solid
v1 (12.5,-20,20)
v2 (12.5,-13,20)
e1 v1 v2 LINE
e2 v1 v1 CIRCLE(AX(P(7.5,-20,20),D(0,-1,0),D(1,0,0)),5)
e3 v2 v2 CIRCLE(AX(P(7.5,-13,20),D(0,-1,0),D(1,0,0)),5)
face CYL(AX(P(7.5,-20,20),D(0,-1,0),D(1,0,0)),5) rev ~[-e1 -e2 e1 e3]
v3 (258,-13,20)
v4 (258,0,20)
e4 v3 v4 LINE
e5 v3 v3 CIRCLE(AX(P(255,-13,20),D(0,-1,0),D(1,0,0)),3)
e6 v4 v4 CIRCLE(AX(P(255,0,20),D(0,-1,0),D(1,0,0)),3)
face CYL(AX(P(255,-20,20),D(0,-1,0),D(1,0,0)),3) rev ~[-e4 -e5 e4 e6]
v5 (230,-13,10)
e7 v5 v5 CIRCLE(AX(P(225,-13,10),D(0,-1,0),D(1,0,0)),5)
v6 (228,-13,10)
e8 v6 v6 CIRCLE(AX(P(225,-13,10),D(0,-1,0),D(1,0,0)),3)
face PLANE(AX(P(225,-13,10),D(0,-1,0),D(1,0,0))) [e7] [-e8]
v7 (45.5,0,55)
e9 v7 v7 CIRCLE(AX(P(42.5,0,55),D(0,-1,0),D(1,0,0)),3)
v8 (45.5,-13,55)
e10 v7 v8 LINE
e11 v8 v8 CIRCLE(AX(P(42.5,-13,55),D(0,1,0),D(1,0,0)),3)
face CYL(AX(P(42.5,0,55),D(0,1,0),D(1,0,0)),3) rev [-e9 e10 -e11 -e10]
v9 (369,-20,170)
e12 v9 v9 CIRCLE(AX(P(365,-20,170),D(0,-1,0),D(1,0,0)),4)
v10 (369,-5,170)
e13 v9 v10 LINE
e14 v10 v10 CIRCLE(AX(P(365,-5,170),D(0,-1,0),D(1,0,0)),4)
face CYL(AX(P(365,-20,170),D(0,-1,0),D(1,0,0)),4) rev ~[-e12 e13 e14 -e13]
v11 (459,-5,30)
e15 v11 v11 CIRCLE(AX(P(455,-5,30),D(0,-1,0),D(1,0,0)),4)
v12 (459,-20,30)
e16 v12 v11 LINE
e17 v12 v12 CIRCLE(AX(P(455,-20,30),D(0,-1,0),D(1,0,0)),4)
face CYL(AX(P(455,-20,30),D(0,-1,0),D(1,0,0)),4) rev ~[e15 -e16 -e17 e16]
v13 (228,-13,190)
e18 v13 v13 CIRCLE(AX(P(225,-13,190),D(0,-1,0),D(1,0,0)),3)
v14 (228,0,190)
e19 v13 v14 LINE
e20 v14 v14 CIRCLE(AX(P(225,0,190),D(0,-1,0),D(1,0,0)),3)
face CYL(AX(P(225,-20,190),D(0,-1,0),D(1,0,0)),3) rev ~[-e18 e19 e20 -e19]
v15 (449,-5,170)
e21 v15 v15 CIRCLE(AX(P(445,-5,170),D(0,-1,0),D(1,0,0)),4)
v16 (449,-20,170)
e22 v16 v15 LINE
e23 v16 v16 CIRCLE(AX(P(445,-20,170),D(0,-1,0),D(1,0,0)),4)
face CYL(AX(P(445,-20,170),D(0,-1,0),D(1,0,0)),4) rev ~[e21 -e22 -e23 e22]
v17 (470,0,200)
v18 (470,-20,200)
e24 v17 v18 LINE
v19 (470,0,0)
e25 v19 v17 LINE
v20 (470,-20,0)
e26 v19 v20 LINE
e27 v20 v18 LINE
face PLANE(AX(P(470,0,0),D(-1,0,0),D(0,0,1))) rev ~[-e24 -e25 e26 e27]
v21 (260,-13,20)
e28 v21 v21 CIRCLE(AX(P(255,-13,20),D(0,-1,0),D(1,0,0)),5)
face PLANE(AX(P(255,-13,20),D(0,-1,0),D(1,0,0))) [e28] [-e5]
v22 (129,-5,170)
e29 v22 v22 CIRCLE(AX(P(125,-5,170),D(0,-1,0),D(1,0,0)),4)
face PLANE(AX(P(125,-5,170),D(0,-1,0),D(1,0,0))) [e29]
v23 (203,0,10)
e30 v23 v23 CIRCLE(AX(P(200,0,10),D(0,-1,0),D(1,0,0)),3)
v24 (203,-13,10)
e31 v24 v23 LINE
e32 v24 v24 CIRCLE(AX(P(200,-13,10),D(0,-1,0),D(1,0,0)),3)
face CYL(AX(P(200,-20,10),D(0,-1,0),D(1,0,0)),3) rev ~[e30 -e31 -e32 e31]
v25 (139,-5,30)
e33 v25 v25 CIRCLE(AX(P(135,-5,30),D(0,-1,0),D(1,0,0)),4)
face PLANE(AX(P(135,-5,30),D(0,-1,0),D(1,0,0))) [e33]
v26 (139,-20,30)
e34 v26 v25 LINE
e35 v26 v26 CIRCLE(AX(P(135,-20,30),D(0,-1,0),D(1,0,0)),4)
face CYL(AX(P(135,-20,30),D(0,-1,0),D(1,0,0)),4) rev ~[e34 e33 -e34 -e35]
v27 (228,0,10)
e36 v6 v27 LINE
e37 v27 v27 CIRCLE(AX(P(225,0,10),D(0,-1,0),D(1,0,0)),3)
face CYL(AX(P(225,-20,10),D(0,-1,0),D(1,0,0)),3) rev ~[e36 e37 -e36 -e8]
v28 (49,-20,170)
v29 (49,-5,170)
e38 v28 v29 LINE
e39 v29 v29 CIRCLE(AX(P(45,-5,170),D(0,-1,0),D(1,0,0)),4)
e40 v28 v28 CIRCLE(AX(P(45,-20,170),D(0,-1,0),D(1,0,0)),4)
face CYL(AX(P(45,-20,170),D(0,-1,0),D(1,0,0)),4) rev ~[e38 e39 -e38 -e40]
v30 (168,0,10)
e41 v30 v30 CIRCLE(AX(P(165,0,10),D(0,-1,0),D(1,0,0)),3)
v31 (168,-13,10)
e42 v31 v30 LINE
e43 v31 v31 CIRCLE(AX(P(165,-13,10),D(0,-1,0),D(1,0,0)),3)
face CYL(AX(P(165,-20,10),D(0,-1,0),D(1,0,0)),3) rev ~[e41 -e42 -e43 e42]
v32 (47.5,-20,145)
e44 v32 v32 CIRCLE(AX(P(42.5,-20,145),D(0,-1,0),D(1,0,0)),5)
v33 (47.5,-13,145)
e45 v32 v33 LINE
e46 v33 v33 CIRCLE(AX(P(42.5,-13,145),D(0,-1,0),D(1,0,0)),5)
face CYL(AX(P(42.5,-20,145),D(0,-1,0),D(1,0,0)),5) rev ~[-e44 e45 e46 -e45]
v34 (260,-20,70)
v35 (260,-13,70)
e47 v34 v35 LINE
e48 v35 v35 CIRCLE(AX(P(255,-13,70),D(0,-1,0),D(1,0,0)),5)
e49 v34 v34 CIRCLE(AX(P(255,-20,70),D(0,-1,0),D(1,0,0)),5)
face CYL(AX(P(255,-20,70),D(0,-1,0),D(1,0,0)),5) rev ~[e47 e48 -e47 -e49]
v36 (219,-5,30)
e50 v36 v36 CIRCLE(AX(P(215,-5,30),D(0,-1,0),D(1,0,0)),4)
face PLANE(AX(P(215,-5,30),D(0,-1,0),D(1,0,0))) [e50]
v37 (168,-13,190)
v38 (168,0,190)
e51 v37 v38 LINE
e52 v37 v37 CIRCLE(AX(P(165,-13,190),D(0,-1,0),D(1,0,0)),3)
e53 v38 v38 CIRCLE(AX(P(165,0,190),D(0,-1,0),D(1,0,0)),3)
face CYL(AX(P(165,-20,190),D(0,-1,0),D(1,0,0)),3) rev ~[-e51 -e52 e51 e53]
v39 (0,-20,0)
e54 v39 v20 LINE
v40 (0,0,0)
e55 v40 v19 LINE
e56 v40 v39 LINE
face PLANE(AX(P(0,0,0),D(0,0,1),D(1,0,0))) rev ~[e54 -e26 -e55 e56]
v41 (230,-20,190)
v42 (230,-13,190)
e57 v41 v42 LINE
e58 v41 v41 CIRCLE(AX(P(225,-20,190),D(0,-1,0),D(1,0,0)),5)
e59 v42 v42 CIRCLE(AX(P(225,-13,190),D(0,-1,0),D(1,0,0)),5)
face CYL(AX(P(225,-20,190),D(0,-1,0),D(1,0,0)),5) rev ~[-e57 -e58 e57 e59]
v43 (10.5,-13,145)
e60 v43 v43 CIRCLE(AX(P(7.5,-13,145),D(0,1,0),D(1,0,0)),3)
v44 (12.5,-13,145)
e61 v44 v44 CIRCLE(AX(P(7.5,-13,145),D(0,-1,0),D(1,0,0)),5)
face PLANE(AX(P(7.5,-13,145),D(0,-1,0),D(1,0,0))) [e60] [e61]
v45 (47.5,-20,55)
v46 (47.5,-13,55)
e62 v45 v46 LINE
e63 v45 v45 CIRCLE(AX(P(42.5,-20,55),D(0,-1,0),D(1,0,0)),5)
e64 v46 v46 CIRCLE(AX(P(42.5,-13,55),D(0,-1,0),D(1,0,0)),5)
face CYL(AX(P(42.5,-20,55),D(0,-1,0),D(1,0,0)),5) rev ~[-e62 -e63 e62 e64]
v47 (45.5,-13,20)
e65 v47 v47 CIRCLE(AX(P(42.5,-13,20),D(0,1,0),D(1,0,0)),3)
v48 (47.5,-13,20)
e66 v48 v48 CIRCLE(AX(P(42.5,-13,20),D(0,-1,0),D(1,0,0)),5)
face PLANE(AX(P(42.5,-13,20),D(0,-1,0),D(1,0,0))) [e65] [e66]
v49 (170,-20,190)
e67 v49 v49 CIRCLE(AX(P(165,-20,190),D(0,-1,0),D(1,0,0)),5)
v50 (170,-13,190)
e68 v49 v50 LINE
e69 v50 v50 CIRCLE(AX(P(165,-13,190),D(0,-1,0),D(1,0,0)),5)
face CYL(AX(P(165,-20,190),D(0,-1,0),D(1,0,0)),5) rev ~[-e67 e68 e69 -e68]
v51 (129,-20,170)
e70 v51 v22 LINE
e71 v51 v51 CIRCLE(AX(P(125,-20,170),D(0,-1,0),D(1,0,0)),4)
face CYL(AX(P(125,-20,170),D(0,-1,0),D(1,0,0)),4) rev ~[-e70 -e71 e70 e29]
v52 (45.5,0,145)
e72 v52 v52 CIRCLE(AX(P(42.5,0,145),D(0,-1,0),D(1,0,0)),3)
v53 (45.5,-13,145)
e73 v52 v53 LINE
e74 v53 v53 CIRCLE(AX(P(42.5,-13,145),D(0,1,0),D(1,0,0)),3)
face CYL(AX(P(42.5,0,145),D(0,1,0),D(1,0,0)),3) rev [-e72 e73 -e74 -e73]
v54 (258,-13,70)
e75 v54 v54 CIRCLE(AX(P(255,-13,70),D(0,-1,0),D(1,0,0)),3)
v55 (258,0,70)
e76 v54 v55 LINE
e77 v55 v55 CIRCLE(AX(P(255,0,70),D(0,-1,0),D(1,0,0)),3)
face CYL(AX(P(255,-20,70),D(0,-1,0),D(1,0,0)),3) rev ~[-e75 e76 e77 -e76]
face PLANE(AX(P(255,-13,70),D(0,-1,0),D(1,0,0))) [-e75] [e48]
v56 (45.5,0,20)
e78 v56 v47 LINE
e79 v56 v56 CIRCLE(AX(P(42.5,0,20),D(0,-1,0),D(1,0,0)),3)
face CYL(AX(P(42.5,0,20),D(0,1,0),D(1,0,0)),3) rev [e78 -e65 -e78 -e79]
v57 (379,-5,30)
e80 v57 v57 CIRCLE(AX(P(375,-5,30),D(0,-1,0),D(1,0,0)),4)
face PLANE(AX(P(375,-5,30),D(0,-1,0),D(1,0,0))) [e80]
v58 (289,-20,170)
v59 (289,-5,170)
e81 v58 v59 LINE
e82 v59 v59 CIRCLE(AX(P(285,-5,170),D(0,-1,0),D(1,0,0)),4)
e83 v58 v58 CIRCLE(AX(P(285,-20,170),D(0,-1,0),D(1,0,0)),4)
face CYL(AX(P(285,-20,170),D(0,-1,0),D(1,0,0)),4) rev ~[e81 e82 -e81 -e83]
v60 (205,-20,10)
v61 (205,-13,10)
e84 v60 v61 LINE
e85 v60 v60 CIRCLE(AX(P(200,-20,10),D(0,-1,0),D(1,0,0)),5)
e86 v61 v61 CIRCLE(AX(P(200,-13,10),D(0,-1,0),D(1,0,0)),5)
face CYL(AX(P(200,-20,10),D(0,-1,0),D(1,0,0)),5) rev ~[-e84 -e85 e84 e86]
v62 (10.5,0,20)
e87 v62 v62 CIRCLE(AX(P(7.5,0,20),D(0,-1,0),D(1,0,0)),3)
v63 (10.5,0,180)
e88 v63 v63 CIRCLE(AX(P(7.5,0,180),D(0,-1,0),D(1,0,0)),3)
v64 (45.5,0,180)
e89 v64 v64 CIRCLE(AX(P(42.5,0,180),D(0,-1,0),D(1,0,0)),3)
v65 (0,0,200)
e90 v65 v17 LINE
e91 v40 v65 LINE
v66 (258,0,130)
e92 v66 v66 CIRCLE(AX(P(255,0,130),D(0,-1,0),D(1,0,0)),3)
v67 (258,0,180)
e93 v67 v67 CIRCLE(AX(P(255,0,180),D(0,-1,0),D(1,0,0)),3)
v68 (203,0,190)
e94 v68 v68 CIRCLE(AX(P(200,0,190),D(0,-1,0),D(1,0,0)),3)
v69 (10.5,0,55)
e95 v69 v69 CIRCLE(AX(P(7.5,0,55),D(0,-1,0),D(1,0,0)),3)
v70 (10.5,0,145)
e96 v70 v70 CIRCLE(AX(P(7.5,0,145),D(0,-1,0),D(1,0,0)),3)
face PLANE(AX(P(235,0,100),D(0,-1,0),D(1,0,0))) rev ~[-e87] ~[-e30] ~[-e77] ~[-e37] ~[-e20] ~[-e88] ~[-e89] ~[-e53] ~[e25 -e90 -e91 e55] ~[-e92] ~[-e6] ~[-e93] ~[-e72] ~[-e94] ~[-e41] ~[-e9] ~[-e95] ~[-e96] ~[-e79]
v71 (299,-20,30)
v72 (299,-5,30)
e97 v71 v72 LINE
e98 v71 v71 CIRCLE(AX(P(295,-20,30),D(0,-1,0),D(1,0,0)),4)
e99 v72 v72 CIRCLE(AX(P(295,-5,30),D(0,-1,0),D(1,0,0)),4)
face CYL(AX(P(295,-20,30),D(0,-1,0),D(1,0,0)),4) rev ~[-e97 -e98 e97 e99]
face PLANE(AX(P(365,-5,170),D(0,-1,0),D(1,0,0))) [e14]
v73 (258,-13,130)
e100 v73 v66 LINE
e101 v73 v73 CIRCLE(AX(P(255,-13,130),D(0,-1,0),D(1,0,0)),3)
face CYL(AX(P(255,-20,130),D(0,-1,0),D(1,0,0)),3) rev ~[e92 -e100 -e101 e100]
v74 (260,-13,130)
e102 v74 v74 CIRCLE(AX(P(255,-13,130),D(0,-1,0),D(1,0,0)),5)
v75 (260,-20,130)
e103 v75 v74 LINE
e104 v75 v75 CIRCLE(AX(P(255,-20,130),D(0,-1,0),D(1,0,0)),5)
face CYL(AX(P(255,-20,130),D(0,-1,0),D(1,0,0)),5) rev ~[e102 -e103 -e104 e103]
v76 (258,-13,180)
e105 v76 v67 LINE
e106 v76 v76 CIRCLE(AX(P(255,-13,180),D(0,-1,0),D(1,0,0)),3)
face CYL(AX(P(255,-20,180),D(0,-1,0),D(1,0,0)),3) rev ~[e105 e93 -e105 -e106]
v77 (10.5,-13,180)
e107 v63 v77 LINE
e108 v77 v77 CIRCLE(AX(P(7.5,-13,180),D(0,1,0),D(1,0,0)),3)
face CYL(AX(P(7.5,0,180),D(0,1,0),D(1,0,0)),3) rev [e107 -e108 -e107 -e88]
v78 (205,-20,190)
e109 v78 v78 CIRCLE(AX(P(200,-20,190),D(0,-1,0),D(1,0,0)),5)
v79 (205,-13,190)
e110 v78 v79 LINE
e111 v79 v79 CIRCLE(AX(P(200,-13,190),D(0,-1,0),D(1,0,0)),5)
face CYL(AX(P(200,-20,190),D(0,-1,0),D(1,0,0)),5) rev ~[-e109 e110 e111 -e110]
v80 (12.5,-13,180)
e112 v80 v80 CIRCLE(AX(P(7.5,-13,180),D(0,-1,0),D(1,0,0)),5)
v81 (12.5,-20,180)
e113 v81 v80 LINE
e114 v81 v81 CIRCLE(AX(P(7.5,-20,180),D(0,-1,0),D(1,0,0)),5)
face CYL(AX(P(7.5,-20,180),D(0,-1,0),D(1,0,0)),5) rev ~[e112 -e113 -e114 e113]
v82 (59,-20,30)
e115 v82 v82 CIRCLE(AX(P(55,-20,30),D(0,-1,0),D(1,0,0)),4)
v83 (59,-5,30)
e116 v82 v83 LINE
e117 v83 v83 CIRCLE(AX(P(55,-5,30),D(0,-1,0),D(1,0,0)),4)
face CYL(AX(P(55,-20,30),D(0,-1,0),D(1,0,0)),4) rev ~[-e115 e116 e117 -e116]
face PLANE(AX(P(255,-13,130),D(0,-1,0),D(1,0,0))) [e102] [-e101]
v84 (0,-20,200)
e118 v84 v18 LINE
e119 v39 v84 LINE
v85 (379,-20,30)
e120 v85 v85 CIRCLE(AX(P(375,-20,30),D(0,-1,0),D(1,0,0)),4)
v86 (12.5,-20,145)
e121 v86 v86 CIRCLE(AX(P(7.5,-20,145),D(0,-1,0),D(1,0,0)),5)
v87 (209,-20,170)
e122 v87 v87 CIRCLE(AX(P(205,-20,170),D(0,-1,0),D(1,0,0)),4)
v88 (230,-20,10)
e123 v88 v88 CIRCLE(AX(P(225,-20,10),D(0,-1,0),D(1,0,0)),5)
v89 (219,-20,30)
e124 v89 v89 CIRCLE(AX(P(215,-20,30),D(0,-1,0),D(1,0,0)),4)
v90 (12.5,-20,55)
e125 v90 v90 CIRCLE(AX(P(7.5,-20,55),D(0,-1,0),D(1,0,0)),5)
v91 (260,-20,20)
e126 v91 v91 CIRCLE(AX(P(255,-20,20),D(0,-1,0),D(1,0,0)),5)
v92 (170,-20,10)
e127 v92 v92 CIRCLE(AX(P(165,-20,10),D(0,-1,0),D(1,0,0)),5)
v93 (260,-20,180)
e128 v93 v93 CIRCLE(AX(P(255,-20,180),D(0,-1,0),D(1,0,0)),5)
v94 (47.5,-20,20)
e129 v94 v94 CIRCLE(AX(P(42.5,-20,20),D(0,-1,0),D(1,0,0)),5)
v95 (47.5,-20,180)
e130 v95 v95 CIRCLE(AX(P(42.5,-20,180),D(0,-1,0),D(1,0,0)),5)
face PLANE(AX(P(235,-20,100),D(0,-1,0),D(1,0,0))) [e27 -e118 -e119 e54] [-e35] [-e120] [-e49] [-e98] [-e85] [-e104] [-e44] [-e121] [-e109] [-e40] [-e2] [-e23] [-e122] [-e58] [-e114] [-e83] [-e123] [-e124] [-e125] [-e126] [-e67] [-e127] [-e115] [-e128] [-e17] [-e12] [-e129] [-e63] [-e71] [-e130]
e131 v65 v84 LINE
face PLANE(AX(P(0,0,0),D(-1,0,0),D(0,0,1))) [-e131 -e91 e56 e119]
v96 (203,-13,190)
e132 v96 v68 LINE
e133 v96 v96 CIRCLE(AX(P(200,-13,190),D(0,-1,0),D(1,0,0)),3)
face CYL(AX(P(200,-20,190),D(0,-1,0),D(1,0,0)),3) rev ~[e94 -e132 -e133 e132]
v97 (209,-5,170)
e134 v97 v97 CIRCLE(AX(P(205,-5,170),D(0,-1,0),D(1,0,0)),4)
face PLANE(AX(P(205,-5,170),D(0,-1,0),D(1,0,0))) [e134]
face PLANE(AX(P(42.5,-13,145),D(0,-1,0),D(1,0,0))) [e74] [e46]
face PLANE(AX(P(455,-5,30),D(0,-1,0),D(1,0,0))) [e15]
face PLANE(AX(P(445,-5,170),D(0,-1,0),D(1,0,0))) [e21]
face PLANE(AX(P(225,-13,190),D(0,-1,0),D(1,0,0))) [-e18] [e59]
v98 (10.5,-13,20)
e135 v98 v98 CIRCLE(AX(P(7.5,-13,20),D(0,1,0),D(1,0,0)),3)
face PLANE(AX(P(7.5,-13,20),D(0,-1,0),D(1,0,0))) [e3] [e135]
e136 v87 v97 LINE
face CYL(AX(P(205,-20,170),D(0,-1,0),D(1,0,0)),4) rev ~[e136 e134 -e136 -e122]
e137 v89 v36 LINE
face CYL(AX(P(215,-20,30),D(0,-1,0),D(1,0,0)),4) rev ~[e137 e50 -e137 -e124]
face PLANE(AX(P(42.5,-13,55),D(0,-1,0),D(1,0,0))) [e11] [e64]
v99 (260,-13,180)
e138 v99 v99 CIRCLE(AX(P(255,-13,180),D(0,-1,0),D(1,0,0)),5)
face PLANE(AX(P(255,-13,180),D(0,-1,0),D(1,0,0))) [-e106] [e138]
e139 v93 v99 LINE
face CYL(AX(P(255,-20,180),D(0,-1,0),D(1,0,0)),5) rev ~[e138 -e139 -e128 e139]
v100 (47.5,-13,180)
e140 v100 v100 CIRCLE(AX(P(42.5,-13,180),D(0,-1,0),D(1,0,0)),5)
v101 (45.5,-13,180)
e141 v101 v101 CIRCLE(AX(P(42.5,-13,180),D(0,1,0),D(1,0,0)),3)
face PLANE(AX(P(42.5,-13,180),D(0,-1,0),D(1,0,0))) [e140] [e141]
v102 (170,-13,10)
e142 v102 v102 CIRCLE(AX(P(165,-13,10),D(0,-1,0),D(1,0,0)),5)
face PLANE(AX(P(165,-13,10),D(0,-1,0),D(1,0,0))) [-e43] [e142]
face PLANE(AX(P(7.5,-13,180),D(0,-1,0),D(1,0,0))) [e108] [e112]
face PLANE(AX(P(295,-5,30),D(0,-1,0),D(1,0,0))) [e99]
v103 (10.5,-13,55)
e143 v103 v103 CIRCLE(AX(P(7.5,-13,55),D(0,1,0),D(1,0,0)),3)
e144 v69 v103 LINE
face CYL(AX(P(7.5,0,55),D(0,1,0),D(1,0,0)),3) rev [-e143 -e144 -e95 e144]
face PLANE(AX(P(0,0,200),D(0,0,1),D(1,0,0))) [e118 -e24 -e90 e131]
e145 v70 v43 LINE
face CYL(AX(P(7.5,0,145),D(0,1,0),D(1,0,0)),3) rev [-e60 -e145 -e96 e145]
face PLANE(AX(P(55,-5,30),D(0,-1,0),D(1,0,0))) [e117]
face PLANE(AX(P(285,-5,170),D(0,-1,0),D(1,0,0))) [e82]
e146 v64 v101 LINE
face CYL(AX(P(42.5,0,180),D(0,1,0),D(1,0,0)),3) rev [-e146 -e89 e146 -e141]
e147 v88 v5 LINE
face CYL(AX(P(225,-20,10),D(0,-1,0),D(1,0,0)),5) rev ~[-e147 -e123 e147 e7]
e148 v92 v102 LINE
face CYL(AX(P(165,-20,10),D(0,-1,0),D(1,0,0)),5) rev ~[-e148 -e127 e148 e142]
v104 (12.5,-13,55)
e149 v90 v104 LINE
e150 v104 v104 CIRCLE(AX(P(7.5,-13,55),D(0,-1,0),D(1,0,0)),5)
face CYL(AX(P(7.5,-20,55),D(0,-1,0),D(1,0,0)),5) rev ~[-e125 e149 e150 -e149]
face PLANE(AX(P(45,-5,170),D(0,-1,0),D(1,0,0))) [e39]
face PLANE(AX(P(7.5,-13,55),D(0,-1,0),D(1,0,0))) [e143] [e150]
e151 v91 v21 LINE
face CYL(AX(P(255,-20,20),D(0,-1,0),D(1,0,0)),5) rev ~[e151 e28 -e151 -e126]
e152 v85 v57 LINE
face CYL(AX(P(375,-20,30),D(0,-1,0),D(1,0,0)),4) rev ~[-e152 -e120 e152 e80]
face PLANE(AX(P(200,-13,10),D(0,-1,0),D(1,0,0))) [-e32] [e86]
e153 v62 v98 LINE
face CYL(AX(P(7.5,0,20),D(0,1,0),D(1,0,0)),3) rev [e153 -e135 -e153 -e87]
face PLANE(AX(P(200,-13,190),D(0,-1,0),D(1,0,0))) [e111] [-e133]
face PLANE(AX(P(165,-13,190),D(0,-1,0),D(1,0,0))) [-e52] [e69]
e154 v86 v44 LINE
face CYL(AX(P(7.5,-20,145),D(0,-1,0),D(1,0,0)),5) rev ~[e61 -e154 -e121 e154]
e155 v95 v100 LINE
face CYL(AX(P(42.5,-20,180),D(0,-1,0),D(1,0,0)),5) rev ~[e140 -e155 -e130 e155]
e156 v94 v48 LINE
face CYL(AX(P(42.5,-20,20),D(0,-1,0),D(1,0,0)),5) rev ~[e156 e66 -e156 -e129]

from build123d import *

# Parameters (mm, degrees)
F0_W      = 470
F0_H      = 200
F0_R      = 3
F1_DEPTH  = 20
F2_R      = 5
F3_DEPTH  = 7
F4_R      = 3
F5_DEPTH  = 20
F6_R      = 5
F7_DEPTH  = 7
F8_R      = 3
F9_DEPTH  = 20
F10_R     = 5
F11_DEPTH = 7
F12_R     = 4
F13_DEPTH = 15


with BuildPart() as f1:
    # F0 (on Front) → F1 (new body)
    with BuildSketch(Plane.XZ):
        with Locations((235, 100)):
            Rectangle(F0_W, F0_H)
        with Locations((7.5, 20)):
            Circle(F0_R, mode=Mode.SUBTRACT)
        with Locations((42.5, 20)):
            Circle(F0_R, mode=Mode.SUBTRACT)
        with Locations((7.5, 55)):
            Circle(F0_R, mode=Mode.SUBTRACT)
        with Locations((42.5, 55)):
            Circle(F0_R, mode=Mode.SUBTRACT)
        with Locations((7.5, 145)):
            Circle(F0_R, mode=Mode.SUBTRACT)
        with Locations((42.5, 145)):
            Circle(F0_R, mode=Mode.SUBTRACT)
        with Locations((7.5, 180)):
            Circle(F0_R, mode=Mode.SUBTRACT)
        with Locations((42.5, 180)):
            Circle(F0_R, mode=Mode.SUBTRACT)
    extrude(amount=F1_DEPTH)

    # F2 (on face) → F3 (cut)
    with BuildSketch(Plane.XZ.offset(20)):
        with Locations((7.5, 180)):
            Circle(F2_R)
        with Locations((42.5, 180)):
            Circle(F2_R)
        with Locations((7.5, 145)):
            Circle(F2_R)
        with Locations((42.5, 145)):
            Circle(F2_R)
        with Locations((7.5, 55)):
            Circle(F2_R)
        with Locations((42.5, 55)):
            Circle(F2_R)
        with Locations((7.5, 20)):
            Circle(F2_R)
        with Locations((42.5, 20)):
            Circle(F2_R)
    extrude(amount=-F3_DEPTH, mode=Mode.SUBTRACT)

    # F4 (on face) → F5 (cut)
    with BuildSketch(Plane.XZ.offset(20)):
        with Locations((255, 180)):
            Circle(F4_R)
        with Locations((255, 130)):
            Circle(F4_R)
        with Locations((255, 70)):
            Circle(F4_R)
        with Locations((255, 20)):
            Circle(F4_R)
    extrude(amount=-F5_DEPTH, mode=Mode.SUBTRACT)

    # F6 (on face) → F7 (cut)
    with BuildSketch(Plane.XZ.offset(20)):
        with Locations((255, 20)):
            Circle(F6_R)
        with Locations((255, 70)):
            Circle(F6_R)
        with Locations((255, 130)):
            Circle(F6_R)
        with Locations((255, 180)):
            Circle(F6_R)
    extrude(amount=-F7_DEPTH, mode=Mode.SUBTRACT)

    # F8 (on face) → F9 (cut)
    with BuildSketch(Plane.XZ.offset(20)):
        with Locations((225, 190)):
            Circle(F8_R)
        with Locations((200, 190)):
            Circle(F8_R)
        with Locations((165, 190)):
            Circle(F8_R)
        with Locations((165, 10)):
            Circle(F8_R)
        with Locations((200, 10)):
            Circle(F8_R)
        with Locations((225, 10)):
            Circle(F8_R)
    extrude(amount=-F9_DEPTH, mode=Mode.SUBTRACT)

    # F10 (on face) → F11 (cut)
    with BuildSketch(Plane.XZ.offset(20)):
        with Locations((165, 190)):
            Circle(F10_R)
        with Locations((200, 190)):
            Circle(F10_R)
        with Locations((225, 190)):
            Circle(F10_R)
        with Locations((165, 10)):
            Circle(F10_R)
        with Locations((200, 10)):
            Circle(F10_R)
        with Locations((225, 10)):
            Circle(F10_R)
    extrude(amount=-F11_DEPTH, mode=Mode.SUBTRACT)

    # F12 (on face) → F13 (cut)
    with BuildSketch(Plane.XZ.offset(20)):
        with Locations((45, 170)):
            Circle(F12_R)
        with Locations((125, 170)):
            Circle(F12_R)
        with Locations((205, 170)):
            Circle(F12_R)
        with Locations((285, 170)):
            Circle(F12_R)
        with Locations((365, 170)):
            Circle(F12_R)
        with Locations((445, 170)):
            Circle(F12_R)
        with Locations((55, 30)):
            Circle(F12_R)
        with Locations((135, 30)):
            Circle(F12_R)
        with Locations((215, 30)):
            Circle(F12_R)
        with Locations((295, 30)):
            Circle(F12_R)
        with Locations((375, 30)):
            Circle(F12_R)
        with Locations((455, 30)):
            Circle(F12_R)
    extrude(amount=-F13_DEPTH, mode=Mode.SUBTRACT)


solid = f1.part
